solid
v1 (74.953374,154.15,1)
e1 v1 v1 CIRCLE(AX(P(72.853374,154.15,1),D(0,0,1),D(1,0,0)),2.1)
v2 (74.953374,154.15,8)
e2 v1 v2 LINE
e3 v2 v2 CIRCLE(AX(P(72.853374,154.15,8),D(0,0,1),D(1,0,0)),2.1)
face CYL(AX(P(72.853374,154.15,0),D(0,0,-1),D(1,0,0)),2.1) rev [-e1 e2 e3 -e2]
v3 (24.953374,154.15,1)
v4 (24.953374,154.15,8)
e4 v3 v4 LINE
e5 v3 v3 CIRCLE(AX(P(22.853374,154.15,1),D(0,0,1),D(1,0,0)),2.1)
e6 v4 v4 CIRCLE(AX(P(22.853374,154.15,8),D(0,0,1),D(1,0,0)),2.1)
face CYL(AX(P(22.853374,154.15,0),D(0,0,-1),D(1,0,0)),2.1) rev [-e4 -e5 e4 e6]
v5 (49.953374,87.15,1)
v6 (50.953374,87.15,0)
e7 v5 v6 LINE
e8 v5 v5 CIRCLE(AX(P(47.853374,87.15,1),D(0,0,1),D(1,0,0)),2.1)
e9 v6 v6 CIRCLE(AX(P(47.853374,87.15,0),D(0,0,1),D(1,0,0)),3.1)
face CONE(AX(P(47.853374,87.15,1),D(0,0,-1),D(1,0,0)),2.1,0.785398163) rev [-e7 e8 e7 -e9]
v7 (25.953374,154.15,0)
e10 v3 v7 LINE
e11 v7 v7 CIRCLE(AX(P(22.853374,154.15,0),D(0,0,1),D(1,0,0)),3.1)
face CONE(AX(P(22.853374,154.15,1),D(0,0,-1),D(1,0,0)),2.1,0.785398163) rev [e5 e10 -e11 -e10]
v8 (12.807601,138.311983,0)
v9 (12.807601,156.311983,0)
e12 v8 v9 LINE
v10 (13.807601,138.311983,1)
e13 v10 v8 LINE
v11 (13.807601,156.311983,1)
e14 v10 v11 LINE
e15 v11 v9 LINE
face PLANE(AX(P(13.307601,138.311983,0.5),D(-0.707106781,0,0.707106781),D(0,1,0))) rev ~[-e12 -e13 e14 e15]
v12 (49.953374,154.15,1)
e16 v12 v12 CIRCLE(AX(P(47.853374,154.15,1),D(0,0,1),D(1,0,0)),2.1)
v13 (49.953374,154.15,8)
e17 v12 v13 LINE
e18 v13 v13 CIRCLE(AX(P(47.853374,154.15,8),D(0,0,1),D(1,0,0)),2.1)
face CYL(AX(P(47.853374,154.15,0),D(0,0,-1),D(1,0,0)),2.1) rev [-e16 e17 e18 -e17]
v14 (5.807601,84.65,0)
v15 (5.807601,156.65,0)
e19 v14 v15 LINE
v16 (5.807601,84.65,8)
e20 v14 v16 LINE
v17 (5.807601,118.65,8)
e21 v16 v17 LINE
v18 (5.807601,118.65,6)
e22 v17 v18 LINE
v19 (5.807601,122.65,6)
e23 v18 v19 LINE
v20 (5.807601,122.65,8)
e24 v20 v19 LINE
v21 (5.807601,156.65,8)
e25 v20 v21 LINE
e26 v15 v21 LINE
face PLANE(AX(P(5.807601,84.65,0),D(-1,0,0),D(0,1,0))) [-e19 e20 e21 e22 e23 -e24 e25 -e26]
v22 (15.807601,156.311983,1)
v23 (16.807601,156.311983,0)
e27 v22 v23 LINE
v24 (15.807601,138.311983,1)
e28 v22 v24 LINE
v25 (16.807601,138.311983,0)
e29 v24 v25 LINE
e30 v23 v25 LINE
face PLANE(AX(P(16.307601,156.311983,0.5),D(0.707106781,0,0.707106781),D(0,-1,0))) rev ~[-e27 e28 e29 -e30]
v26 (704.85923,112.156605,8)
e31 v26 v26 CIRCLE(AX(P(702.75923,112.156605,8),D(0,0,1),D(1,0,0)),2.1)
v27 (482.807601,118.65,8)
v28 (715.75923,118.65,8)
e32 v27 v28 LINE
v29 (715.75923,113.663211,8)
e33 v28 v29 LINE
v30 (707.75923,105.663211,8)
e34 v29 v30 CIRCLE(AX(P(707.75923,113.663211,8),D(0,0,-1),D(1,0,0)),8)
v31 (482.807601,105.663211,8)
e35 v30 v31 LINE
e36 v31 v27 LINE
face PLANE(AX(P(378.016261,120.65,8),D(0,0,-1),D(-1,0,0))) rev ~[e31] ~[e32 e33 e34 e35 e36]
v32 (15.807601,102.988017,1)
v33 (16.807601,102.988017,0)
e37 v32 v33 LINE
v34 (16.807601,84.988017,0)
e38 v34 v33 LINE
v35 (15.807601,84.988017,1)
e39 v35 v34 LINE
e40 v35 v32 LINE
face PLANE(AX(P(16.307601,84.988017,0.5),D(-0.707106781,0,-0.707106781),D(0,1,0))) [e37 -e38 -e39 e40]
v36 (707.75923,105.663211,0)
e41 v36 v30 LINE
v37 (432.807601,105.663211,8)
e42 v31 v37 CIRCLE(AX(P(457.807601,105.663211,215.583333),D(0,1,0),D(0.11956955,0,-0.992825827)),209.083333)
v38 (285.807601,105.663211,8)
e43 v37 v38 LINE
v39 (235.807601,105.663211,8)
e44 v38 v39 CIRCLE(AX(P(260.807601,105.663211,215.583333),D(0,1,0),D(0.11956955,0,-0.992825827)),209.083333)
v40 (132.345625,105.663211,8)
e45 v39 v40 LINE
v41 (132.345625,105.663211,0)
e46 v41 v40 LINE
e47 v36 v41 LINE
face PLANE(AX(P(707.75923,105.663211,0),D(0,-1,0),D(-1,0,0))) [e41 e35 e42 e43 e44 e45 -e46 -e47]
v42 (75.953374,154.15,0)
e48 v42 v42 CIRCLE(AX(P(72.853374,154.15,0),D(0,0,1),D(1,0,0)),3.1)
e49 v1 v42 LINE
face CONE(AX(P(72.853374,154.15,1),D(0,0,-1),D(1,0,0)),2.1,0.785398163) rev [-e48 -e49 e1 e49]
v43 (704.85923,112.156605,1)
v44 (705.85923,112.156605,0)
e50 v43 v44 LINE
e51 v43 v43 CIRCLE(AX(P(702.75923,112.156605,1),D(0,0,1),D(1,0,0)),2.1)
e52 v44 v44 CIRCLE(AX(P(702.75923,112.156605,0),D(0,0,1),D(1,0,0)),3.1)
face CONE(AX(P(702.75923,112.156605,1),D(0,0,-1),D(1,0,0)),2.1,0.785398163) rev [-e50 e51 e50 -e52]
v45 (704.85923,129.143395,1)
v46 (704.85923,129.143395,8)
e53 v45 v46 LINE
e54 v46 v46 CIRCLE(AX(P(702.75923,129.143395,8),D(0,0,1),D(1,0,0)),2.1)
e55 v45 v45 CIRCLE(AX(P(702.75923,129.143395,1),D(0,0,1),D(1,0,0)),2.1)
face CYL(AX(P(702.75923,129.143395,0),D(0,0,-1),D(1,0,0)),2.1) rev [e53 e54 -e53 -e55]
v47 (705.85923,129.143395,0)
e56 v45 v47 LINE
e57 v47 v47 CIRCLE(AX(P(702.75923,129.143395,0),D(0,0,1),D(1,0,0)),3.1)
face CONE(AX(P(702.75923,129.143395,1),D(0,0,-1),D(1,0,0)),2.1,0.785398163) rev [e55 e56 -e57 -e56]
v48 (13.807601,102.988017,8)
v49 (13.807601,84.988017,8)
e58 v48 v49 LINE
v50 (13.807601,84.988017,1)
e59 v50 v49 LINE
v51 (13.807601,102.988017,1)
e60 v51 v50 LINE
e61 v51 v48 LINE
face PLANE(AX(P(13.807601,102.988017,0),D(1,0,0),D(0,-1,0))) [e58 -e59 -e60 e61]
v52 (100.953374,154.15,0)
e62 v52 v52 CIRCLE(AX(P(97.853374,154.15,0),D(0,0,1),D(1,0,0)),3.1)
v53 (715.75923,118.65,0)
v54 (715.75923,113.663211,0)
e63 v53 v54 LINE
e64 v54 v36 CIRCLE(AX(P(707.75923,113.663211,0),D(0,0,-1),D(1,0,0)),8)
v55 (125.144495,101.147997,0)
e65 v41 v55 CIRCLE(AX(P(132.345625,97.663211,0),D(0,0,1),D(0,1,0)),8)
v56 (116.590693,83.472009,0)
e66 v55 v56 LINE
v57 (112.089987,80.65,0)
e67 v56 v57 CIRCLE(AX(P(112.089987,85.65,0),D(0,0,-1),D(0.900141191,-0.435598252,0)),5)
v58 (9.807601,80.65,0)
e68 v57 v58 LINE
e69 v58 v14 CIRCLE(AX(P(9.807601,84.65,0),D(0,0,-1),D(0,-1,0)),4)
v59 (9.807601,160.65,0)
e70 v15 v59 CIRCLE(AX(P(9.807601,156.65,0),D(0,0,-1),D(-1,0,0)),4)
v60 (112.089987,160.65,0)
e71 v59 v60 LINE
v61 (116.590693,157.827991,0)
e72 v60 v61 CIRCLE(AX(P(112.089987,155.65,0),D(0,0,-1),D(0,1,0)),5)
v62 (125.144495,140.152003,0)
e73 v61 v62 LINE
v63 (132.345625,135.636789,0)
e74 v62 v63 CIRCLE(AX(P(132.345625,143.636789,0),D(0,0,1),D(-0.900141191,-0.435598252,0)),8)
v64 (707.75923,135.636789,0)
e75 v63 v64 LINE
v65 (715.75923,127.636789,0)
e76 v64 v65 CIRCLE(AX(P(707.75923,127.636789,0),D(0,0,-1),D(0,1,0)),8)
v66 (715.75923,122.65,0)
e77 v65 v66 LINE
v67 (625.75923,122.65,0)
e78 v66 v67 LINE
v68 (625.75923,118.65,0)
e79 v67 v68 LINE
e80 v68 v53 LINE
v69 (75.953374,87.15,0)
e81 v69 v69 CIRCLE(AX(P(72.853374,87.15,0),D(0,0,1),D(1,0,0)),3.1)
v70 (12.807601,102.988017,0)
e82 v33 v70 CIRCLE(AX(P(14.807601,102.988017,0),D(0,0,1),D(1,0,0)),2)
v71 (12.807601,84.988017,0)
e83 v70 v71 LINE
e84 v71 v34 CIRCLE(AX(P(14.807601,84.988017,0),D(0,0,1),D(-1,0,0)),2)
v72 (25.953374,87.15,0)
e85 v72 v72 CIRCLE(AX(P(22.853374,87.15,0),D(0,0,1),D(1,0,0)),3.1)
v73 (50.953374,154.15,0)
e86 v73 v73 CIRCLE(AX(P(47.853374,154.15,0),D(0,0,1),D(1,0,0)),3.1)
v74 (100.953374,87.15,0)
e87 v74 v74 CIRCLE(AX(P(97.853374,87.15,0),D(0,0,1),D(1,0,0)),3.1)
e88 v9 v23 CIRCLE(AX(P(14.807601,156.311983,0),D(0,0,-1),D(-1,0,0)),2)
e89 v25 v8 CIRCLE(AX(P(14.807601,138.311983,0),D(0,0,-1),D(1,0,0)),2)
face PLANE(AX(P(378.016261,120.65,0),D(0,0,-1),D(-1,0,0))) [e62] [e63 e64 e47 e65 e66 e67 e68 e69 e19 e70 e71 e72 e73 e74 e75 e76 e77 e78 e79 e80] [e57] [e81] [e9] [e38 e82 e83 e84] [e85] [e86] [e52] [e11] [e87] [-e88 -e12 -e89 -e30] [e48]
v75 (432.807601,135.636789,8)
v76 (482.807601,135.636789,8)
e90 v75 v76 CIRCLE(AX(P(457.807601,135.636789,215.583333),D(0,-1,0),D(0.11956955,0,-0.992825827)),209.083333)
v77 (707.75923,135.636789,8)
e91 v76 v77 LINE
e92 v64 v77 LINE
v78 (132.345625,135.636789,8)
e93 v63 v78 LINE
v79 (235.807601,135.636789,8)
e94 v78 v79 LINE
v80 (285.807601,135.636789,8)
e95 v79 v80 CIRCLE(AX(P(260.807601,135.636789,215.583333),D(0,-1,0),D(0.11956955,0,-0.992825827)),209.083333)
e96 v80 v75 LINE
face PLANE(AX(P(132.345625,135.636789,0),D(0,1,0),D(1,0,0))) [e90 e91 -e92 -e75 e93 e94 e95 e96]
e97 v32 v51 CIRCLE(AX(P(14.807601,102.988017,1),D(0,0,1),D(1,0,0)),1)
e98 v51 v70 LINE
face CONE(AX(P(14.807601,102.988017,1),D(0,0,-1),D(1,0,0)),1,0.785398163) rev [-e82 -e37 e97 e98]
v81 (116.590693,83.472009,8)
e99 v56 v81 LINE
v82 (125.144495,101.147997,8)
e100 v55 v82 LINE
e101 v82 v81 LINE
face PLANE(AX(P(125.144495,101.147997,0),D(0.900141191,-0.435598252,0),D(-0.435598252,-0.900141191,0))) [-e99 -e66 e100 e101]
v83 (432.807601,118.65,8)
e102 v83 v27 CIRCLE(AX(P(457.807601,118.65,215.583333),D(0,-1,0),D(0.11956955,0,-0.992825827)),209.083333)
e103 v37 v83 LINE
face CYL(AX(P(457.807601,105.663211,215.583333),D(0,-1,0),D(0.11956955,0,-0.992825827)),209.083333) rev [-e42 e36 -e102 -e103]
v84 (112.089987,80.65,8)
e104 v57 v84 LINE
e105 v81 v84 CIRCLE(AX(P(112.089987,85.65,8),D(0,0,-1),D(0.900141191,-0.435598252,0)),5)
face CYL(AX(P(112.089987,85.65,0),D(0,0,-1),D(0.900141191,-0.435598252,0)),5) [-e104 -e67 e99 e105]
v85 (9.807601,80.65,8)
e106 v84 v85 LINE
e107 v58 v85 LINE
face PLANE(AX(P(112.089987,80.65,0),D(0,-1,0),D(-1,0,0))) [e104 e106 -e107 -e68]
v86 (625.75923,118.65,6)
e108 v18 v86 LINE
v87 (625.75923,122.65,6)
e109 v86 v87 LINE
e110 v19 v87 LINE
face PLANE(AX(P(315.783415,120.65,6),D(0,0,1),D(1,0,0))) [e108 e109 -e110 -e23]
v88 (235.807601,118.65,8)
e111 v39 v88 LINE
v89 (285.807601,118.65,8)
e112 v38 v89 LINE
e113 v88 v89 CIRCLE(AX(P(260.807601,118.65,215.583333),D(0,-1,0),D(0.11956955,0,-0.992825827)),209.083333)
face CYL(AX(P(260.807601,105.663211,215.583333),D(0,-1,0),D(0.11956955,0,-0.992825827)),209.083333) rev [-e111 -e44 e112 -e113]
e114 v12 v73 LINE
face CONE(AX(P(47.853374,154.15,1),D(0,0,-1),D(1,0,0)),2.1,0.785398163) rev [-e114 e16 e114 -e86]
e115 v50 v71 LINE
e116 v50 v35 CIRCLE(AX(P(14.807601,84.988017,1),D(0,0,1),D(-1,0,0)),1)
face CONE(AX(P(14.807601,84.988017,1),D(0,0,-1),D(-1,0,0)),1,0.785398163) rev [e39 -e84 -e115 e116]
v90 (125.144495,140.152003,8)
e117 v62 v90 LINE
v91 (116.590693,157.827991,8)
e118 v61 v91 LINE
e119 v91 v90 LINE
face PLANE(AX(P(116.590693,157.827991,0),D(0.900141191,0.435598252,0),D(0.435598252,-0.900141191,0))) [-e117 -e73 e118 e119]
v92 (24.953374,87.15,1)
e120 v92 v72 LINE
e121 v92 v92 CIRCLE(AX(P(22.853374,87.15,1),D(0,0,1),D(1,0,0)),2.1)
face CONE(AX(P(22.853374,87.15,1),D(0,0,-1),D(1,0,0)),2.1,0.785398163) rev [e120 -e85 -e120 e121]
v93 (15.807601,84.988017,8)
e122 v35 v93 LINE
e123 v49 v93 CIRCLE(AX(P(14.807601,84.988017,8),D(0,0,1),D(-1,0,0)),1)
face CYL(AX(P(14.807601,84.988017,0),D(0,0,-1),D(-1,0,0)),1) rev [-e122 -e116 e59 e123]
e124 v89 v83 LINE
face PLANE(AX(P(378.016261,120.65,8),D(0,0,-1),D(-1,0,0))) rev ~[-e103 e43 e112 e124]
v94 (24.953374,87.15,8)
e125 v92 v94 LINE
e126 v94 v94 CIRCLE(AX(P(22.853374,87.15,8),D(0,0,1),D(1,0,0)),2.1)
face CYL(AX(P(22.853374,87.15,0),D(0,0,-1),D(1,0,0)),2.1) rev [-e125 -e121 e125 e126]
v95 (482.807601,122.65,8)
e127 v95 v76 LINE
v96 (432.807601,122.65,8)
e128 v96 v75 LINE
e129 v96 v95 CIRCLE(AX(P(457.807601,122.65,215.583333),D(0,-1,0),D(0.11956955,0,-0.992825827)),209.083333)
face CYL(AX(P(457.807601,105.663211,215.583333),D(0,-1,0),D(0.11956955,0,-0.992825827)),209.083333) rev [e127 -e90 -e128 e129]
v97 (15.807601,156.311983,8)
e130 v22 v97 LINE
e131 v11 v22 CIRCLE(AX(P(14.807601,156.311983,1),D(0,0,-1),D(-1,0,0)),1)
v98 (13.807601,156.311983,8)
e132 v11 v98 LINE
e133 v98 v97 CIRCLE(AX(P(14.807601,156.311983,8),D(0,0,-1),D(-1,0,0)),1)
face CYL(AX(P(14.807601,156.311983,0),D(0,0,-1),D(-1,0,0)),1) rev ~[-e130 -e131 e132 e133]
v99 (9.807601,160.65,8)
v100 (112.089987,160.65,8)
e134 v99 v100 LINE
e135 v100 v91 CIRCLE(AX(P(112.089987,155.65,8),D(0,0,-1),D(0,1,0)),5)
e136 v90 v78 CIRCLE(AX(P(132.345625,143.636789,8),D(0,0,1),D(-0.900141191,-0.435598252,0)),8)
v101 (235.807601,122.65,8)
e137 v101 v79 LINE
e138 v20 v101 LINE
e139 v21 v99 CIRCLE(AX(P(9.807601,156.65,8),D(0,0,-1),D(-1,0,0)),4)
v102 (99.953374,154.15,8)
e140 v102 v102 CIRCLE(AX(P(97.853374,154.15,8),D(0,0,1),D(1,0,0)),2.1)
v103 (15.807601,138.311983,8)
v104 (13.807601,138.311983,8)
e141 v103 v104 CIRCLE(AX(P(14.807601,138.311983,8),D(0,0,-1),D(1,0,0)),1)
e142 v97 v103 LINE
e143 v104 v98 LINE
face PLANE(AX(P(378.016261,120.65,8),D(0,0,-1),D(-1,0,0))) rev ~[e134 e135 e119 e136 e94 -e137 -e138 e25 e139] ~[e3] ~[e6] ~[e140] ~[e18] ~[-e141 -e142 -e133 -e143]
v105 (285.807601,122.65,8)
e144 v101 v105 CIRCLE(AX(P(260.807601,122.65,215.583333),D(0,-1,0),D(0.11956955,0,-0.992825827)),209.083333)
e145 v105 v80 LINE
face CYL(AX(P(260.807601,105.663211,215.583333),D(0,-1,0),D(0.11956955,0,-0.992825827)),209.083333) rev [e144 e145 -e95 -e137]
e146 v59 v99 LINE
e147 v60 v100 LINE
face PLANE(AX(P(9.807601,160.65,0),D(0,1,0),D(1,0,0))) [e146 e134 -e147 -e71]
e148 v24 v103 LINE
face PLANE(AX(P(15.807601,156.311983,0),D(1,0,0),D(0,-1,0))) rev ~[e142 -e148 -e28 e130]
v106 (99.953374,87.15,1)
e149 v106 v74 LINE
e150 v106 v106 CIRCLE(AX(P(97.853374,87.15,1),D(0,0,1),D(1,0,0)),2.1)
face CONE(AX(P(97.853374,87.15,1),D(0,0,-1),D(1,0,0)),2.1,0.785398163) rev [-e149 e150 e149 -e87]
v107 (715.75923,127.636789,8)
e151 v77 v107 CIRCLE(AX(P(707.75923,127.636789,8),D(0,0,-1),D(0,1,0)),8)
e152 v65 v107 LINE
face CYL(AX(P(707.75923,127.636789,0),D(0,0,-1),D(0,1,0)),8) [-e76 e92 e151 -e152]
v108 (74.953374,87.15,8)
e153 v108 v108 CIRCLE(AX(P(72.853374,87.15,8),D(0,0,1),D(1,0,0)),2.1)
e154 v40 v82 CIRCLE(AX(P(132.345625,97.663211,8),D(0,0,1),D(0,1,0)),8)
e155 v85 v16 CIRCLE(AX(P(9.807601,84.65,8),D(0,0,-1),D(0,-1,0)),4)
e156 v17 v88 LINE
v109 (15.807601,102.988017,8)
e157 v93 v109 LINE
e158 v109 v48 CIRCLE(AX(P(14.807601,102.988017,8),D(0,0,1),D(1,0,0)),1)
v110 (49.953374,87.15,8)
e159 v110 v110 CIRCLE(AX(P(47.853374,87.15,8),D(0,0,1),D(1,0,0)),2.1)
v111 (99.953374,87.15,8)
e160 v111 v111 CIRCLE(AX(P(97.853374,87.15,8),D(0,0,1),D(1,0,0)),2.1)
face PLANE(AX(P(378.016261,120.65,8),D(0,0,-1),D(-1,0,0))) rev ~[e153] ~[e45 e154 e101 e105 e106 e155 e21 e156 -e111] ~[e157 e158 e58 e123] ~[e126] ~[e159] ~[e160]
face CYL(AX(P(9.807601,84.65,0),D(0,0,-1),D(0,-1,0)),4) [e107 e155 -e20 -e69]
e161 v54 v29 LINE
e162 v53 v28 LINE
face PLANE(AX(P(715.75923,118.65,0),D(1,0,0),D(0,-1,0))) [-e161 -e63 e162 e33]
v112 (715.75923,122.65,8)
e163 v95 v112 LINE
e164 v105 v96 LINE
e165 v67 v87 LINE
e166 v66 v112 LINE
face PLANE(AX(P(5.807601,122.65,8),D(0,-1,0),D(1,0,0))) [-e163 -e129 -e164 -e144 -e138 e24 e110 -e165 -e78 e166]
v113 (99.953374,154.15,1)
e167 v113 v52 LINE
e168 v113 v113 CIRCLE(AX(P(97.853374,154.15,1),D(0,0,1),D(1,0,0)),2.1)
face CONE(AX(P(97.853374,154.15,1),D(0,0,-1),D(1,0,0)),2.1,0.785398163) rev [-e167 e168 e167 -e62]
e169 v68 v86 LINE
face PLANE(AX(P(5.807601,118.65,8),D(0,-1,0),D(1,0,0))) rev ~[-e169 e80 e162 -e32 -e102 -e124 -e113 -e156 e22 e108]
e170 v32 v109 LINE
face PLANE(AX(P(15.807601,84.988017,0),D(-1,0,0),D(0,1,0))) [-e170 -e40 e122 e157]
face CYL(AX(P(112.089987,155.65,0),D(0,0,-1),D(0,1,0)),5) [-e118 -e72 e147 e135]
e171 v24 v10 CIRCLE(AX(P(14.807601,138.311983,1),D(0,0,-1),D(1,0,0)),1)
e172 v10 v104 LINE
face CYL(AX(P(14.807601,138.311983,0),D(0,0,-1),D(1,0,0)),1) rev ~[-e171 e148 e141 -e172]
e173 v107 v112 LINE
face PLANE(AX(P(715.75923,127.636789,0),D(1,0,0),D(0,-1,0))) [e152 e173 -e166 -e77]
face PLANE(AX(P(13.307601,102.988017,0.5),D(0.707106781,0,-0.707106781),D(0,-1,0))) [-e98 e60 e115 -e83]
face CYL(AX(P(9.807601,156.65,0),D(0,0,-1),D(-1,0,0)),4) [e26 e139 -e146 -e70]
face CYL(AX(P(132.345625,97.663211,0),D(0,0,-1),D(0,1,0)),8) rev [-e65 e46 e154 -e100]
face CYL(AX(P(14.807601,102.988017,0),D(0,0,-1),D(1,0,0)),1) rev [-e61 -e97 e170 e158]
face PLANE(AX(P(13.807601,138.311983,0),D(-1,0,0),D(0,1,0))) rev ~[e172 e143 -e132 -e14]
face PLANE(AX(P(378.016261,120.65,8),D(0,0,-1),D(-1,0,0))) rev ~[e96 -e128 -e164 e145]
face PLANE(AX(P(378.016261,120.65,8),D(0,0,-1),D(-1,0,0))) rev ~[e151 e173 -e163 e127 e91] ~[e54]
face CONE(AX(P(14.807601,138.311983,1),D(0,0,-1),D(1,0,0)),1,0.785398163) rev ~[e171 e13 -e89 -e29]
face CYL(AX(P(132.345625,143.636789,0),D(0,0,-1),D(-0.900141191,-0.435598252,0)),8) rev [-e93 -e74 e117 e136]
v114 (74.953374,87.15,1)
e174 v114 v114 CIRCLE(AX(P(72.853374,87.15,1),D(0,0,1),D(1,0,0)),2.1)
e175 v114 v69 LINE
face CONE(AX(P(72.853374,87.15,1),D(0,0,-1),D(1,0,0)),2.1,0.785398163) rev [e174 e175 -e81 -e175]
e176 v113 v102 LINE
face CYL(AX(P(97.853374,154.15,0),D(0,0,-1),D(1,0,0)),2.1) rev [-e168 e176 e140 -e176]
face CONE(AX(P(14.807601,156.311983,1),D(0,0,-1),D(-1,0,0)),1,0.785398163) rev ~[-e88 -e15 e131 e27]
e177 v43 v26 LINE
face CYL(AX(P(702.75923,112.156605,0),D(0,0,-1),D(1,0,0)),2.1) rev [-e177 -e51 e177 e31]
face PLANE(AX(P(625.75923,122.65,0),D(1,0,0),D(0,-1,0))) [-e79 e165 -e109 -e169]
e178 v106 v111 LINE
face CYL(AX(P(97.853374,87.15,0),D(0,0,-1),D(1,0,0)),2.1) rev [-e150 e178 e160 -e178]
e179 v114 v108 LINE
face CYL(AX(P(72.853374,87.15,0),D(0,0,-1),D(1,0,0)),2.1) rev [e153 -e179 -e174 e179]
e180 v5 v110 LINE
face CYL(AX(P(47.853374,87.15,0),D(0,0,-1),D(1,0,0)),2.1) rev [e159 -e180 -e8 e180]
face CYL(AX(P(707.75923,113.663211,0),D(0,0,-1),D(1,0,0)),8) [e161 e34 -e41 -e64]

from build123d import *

# Parameters (mm, degrees)
MODEL_R                 = 2.1
BOSS_EXTRU_1_DEPTH      = 8
ESQUISSE2_W             = 619.951628201
ESQUISSE2_H             = 4
ENL_V_MAT_EXTRU_1_DEPTH = 2
CHANFREIN1_SIZE         = 1
ENL_V_MAT_EXTRU_2_DEPTH = 55.986789313


with BuildPart() as part:
    # Model → Boss.-Extru.1 (new body)
    with BuildSketch(Plane.XY):
        with BuildLine():
            Line((5.807601336, 84.65), (5.807601336, 156.65))
            ThreePointArc((5.807601336, 156.65), (6.979174211, 159.478427125), (9.807601336, 160.65))
            Line((9.807601336, 160.65), (112.089987365, 160.65))
            ThreePointArc((112.089987365, 160.65), (114.746116476, 159.886151336), (116.590693318, 157.827991258))
            Line((116.590693318, 157.827991258), (125.144495245, 140.1520033))
            ThreePointArc((125.144495245, 140.1520033), (128.095818192, 136.858947175), (132.34562477, 135.636789313))
            Line((132.34562477, 135.636789313), (707.759229537, 135.636789313))
            ThreePointArc((707.759229537, 135.636789313), (713.416083787, 133.293643563), (715.759229537, 127.636789313))
            Line((715.759229537, 127.636789313), (715.759229537, 122.65))
            Line((715.759229537, 122.65), (625.759229537, 122.65))
            Line((625.759229537, 122.65), (625.759229537, 118.65))
            Line((625.759229537, 118.65), (715.759229537, 118.65))
            Line((715.759229537, 118.65), (715.759229537, 113.663210687))
            ThreePointArc((715.759229537, 113.663210687), (713.416083787, 108.006356437), (707.759229537, 105.663210687))
            Line((707.759229537, 105.663210687), (132.34562477, 105.663210687))
            ThreePointArc((132.34562477, 105.663210687), (128.095818192, 104.441052825), (125.144495245, 101.1479967))
            Line((125.144495245, 101.1479967), (116.590693318, 83.472008742))
            ThreePointArc((116.590693318, 83.472008742), (114.746116476, 81.413848664), (112.089987365, 80.65))
            Line((112.089987365, 80.65), (9.807601336, 80.65))
            ThreePointArc((9.807601336, 80.65), (6.979174211, 81.821572875), (5.807601336, 84.65))
        make_face()
        with Locations((702.759229537, 129.143394657)):
            Circle(MODEL_R, mode=Mode.SUBTRACT)
        with Locations((702.759229537, 112.156605343)):
            Circle(MODEL_R, mode=Mode.SUBTRACT)
        with Locations((47.853374331, 154.15)):
            Circle(MODEL_R, mode=Mode.SUBTRACT)
        with Locations((97.853374331, 154.15)):
            Circle(MODEL_R, mode=Mode.SUBTRACT)
        with Locations((22.853374331, 154.15)):
            Circle(MODEL_R, mode=Mode.SUBTRACT)
        with Locations((72.853374331, 154.15)):
            Circle(MODEL_R, mode=Mode.SUBTRACT)
        with Locations((47.853374331, 87.15)):
            Circle(MODEL_R, mode=Mode.SUBTRACT)
        with Locations((97.853374331, 87.15)):
            Circle(MODEL_R, mode=Mode.SUBTRACT)
        with Locations((22.853374331, 87.15)):
            Circle(MODEL_R, mode=Mode.SUBTRACT)
        with Locations((72.853374331, 87.15)):
            Circle(MODEL_R, mode=Mode.SUBTRACT)
        with BuildLine():
            Line((15.807601336, 84.988017314), (15.807601336, 102.988017314))
            ThreePointArc((15.807601336, 102.988017314), (14.807601336, 103.988017314), (13.807601336, 102.988017314))
            Line((13.807601336, 102.988017314), (13.807601336, 84.988017314))
            ThreePointArc((13.807601336, 84.988017314), (14.807601336, 83.988017314), (15.807601336, 84.988017314))
        make_face(mode=Mode.SUBTRACT)
        with BuildLine():
            Line((15.807601336, 156.311982686), (15.807601336, 138.311982686))
            ThreePointArc((15.807601336, 138.311982686), (14.807601336, 137.311982686), (13.807601336, 138.311982686))
            Line((13.807601336, 138.311982686), (13.807601336, 156.311982686))
            ThreePointArc((13.807601336, 156.311982686), (14.807601336, 157.311982686), (15.807601336, 156.311982686))
        make_face(mode=Mode.SUBTRACT)
    extrude(amount=BOSS_EXTRU_1_DEPTH)

    # Esquisse2 → Enlèv. mat.-Extru.1 (cut)
    with BuildSketch(Plane.XY.offset(8)):
        with Locations((315.783415436, 120.65)):
            Rectangle(ESQUISSE2_W, ESQUISSE2_H)
    extrude(amount=-ENL_V_MAT_EXTRU_1_DEPTH, mode=Mode.SUBTRACT)

    # Chanfrein1
    chanfrein1_edges = [part.edges().sort_by_distance(p)[0] for p in [
        (14.807601336, 103.988017314, 0),
        (13.807601336, 93.988017314, 0),
        (14.807601336, 83.988017314, 0),
        (15.807601336, 93.988017314, 0),
        (700.659229537, 129.143394657, 0),
        (700.659229537, 112.156605343, 0),
        (45.753374331, 154.15, 0),
        (95.753374331, 154.15, 0),
        (20.753374331, 154.15, 0),
        (70.753374331, 154.15, 0),
        (45.753374331, 87.15, 0),
        (95.753374331, 87.15, 0),
        (20.753374331, 87.15, 0),
        (70.753374331, 87.15, 0),
        (14.807601336, 157.311982686, 0),
        (13.807601336, 147.311982686, 0),
        (14.807601336, 137.311982686, 0),
        (15.807601336, 147.311982686, 0),
    ]]
    chamfer(chanfrein1_edges, length=CHANFREIN1_SIZE)

    # Esquisse3 → Enlèv. mat.-Extru.2 (cut, through all)
    with BuildSketch(Plane.XZ.offset(-105.663210687)):
        with BuildLine():
            Line((235.807601336, 8), (285.807601336, 8))
            ThreePointArc((285.807601336, 8), (260.807601336, 6.5), (235.807601336, 8))
        make_face()
        with BuildLine():
            Line((432.807601336, 8), (482.807601336, 8))
            ThreePointArc((482.807601336, 8), (457.807601336, 6.5), (432.807601336, 8))
        make_face()
    extrude(amount=-ENL_V_MAT_EXTRU_2_DEPTH, mode=Mode.SUBTRACT)


solid = part.part
